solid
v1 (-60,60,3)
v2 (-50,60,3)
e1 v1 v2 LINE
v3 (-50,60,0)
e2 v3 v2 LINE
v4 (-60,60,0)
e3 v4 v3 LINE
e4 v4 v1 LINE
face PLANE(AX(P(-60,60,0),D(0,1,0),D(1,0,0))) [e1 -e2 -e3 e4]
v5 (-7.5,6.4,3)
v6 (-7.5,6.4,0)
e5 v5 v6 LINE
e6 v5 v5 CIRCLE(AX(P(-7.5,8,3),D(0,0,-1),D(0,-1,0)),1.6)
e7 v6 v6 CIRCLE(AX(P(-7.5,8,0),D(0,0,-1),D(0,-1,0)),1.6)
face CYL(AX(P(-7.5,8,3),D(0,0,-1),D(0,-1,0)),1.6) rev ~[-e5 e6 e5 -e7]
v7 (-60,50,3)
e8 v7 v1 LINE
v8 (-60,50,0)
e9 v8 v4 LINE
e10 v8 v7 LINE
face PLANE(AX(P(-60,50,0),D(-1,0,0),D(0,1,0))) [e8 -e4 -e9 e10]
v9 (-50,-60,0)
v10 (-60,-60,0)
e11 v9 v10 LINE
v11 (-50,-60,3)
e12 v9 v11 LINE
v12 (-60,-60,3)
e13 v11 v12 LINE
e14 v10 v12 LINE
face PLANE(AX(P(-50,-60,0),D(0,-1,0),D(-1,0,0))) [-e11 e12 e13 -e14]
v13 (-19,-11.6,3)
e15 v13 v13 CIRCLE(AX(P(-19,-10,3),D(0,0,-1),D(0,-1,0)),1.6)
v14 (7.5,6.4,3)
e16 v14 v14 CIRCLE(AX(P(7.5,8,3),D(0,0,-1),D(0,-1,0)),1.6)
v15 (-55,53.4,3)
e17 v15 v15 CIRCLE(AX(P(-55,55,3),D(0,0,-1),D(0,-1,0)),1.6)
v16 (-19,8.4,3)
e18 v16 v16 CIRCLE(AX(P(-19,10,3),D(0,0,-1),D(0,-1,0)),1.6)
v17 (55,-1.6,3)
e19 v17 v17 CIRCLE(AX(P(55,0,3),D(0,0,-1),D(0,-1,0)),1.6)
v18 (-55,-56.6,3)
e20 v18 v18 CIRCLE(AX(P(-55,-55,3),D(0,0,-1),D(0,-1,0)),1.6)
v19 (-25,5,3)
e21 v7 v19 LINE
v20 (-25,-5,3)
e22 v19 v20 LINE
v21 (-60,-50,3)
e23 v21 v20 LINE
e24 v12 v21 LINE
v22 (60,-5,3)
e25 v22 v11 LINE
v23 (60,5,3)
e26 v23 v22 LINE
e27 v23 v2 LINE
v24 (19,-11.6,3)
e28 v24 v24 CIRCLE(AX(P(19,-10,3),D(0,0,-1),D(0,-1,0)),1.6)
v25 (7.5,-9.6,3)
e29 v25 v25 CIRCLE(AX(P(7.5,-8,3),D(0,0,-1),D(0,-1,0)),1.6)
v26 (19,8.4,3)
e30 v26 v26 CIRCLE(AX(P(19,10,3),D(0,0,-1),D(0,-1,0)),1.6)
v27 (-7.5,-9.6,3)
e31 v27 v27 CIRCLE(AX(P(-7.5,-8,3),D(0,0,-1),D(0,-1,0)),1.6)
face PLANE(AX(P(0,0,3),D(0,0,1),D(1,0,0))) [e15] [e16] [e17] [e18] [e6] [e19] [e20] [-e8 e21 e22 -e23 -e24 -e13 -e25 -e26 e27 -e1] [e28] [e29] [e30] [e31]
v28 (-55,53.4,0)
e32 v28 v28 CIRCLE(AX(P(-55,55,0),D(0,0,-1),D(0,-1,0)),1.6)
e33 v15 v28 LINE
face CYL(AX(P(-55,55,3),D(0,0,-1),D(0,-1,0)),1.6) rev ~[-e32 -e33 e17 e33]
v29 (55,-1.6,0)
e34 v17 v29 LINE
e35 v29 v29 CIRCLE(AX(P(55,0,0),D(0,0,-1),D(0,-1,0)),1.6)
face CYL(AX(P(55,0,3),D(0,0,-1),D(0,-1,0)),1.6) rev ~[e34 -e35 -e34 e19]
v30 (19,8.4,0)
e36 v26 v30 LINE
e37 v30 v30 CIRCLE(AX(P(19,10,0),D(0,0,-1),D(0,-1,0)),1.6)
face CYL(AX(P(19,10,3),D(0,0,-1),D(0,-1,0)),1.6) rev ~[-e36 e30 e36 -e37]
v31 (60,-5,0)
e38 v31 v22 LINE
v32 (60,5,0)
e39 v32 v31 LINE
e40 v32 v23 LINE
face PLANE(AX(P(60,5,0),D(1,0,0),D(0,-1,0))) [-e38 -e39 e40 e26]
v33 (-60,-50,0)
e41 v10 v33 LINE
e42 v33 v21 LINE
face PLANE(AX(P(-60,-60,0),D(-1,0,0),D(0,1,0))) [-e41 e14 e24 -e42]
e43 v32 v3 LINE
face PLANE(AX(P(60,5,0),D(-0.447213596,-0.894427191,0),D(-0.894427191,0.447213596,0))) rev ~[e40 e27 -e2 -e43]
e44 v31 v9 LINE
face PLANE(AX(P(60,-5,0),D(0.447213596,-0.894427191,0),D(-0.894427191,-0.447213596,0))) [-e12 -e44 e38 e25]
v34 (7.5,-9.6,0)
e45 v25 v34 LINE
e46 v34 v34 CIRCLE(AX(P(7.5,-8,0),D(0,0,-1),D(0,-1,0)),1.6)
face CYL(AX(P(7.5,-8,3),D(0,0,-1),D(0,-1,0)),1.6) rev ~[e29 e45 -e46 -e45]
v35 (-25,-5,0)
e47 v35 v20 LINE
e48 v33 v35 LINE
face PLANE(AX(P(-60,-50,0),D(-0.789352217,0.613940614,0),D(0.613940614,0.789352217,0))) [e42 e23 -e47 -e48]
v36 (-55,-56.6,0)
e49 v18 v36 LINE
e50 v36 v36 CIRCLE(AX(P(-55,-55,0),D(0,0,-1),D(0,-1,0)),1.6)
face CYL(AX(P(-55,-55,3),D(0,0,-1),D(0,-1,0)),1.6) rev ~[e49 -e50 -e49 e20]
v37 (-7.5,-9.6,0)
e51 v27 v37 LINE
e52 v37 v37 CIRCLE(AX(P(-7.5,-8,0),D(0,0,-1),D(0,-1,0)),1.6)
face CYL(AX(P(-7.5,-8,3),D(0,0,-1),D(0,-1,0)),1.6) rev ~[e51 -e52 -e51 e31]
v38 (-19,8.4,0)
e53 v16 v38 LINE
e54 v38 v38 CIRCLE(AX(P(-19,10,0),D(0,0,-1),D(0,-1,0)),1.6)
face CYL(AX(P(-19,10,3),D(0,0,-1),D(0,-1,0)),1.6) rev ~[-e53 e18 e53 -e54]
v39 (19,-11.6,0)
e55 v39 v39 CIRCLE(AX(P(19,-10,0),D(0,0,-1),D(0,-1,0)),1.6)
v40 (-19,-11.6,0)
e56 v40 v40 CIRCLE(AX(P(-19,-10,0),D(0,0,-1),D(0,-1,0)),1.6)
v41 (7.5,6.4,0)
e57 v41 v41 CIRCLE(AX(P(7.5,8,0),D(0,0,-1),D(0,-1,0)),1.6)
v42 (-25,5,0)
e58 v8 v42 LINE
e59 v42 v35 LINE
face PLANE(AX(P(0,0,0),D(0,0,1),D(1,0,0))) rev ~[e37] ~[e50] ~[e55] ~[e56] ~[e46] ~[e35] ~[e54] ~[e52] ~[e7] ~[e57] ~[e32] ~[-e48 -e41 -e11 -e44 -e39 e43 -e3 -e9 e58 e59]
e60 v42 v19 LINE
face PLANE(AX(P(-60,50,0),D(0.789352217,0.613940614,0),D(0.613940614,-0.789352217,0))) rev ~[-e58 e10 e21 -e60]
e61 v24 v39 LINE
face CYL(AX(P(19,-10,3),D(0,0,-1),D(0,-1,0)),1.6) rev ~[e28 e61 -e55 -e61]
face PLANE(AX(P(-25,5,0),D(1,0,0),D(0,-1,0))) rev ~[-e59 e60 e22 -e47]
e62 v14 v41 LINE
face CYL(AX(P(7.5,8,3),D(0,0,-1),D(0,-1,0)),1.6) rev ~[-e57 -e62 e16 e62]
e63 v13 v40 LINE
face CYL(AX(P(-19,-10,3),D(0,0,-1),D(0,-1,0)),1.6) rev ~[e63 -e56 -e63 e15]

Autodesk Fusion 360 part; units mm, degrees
sketch "Sketch1" plane through (0, 0, 0) normal (0, 0, 1) x (1, 0, 0)
  line L0 (60, -60) -> (-60, -60)
  line L1 (-60, -60) -> (-60, 60)
  line L2 (-60, 60) -> (60, 60)
  line L3 (60, 60) -> (60, -60)
  line L4 (60, -60) -> (-60, 60) construction
  line L5 (-60, -60) -> (60, 60) construction
  line L6 (25, 20) -> (-25, 20)
  line L7 (-25, 20) -> (-25, -20)
  line L8 (-25, -20) -> (25, -20)
  line L9 (25, -20) -> (25, 20)
  line L10 (25, 20) -> (-25, -20) construction
  line L11 (-25, 20) -> (25, -20) construction
  line L12 (60, 5) -> (-50, 60)
  line L13 (60, -5) -> (-50, -60)
  line L14 (-60, 50) -> (-25, 5)
  line L15 (-60, -50) -> (-25, -5)
  dimension "d1" = 120
  dimension "d2" = 120
  dimension "d6" = 50
  dimension "d7" = 40
  dimension "d29" = 5
  dimension "d30" = 5
  dimension "d31" = 10
  dimension "d34" = 10
  dimension "d41" = 10
  dimension "d42" = 10
extrude "Extrude1" add sketch "Sketch1" along normal blind 3 contours L0 L1 L2 L3 L6 L7 L8 L9 L12 L13 L14 L15 | L6 L7 L8 L9
sketch "Sketch2" plane through (0, 0, 3) normal (0, 0, 1) x (-1, 0, 0)
  line L0 (60, 50) -> (60, 60)
  line L1 (60, 60) -> (50, 60)
  line L2 (50, 60) -> (-60, 5)
  line L3 (-60, 5) -> (-60, -5)
  line L4 (-60, -5) -> (50, -60)
  line L5 (50, -60) -> (60, -60)
  line L6 (60, -60) -> (60, -50)
  line L7 (25, 5) -> (60, 50)
  line L8 (60, -50) -> (25, -5)
  line L9 (25, -5) -> (25, 5)
  point P0 (-7.5, -8)
  point P1 (19, -10)
  point P2 (7.5, -8)
  point P3 (-7.5, 8)
  point P4 (7.5, 8)
  point P5 (-19, -10)
  point P6 (19, 10)
  point P7 (-19, 10)
  point P8 (55, -55)
  point P9 (-55, 0)
  point P10 (55, 55)
  dimension "d12" = 7.5
  dimension "d13" = 8
  dimension "d14" = 19
  dimension "d15" = 10
  dimension "d18" = 15
  dimension "d19" = 16
  dimension "d22" = -38
  dimension "d23" = 20
  dimension "d47" = 5
  dimension "d48" = 5
  dimension "d49" = 5
  dimension "d50" = 5
  dimension "d51" = 5
hole "Hole1" at (-19, 10, 3) at (-7.5, 8, 3) at (7.5, 8, 3) at (19, 10, 3) at (19, -10, 3) at (7.5, -8, 3) at (-7.5, -8, 3) at (-19, -10, 3) at (-55, -55, 3) at (55, 0, 3) at (-55, 55, 3) direction (0, 0, -1) diameter 3.2 depth 30 tip angle 118
